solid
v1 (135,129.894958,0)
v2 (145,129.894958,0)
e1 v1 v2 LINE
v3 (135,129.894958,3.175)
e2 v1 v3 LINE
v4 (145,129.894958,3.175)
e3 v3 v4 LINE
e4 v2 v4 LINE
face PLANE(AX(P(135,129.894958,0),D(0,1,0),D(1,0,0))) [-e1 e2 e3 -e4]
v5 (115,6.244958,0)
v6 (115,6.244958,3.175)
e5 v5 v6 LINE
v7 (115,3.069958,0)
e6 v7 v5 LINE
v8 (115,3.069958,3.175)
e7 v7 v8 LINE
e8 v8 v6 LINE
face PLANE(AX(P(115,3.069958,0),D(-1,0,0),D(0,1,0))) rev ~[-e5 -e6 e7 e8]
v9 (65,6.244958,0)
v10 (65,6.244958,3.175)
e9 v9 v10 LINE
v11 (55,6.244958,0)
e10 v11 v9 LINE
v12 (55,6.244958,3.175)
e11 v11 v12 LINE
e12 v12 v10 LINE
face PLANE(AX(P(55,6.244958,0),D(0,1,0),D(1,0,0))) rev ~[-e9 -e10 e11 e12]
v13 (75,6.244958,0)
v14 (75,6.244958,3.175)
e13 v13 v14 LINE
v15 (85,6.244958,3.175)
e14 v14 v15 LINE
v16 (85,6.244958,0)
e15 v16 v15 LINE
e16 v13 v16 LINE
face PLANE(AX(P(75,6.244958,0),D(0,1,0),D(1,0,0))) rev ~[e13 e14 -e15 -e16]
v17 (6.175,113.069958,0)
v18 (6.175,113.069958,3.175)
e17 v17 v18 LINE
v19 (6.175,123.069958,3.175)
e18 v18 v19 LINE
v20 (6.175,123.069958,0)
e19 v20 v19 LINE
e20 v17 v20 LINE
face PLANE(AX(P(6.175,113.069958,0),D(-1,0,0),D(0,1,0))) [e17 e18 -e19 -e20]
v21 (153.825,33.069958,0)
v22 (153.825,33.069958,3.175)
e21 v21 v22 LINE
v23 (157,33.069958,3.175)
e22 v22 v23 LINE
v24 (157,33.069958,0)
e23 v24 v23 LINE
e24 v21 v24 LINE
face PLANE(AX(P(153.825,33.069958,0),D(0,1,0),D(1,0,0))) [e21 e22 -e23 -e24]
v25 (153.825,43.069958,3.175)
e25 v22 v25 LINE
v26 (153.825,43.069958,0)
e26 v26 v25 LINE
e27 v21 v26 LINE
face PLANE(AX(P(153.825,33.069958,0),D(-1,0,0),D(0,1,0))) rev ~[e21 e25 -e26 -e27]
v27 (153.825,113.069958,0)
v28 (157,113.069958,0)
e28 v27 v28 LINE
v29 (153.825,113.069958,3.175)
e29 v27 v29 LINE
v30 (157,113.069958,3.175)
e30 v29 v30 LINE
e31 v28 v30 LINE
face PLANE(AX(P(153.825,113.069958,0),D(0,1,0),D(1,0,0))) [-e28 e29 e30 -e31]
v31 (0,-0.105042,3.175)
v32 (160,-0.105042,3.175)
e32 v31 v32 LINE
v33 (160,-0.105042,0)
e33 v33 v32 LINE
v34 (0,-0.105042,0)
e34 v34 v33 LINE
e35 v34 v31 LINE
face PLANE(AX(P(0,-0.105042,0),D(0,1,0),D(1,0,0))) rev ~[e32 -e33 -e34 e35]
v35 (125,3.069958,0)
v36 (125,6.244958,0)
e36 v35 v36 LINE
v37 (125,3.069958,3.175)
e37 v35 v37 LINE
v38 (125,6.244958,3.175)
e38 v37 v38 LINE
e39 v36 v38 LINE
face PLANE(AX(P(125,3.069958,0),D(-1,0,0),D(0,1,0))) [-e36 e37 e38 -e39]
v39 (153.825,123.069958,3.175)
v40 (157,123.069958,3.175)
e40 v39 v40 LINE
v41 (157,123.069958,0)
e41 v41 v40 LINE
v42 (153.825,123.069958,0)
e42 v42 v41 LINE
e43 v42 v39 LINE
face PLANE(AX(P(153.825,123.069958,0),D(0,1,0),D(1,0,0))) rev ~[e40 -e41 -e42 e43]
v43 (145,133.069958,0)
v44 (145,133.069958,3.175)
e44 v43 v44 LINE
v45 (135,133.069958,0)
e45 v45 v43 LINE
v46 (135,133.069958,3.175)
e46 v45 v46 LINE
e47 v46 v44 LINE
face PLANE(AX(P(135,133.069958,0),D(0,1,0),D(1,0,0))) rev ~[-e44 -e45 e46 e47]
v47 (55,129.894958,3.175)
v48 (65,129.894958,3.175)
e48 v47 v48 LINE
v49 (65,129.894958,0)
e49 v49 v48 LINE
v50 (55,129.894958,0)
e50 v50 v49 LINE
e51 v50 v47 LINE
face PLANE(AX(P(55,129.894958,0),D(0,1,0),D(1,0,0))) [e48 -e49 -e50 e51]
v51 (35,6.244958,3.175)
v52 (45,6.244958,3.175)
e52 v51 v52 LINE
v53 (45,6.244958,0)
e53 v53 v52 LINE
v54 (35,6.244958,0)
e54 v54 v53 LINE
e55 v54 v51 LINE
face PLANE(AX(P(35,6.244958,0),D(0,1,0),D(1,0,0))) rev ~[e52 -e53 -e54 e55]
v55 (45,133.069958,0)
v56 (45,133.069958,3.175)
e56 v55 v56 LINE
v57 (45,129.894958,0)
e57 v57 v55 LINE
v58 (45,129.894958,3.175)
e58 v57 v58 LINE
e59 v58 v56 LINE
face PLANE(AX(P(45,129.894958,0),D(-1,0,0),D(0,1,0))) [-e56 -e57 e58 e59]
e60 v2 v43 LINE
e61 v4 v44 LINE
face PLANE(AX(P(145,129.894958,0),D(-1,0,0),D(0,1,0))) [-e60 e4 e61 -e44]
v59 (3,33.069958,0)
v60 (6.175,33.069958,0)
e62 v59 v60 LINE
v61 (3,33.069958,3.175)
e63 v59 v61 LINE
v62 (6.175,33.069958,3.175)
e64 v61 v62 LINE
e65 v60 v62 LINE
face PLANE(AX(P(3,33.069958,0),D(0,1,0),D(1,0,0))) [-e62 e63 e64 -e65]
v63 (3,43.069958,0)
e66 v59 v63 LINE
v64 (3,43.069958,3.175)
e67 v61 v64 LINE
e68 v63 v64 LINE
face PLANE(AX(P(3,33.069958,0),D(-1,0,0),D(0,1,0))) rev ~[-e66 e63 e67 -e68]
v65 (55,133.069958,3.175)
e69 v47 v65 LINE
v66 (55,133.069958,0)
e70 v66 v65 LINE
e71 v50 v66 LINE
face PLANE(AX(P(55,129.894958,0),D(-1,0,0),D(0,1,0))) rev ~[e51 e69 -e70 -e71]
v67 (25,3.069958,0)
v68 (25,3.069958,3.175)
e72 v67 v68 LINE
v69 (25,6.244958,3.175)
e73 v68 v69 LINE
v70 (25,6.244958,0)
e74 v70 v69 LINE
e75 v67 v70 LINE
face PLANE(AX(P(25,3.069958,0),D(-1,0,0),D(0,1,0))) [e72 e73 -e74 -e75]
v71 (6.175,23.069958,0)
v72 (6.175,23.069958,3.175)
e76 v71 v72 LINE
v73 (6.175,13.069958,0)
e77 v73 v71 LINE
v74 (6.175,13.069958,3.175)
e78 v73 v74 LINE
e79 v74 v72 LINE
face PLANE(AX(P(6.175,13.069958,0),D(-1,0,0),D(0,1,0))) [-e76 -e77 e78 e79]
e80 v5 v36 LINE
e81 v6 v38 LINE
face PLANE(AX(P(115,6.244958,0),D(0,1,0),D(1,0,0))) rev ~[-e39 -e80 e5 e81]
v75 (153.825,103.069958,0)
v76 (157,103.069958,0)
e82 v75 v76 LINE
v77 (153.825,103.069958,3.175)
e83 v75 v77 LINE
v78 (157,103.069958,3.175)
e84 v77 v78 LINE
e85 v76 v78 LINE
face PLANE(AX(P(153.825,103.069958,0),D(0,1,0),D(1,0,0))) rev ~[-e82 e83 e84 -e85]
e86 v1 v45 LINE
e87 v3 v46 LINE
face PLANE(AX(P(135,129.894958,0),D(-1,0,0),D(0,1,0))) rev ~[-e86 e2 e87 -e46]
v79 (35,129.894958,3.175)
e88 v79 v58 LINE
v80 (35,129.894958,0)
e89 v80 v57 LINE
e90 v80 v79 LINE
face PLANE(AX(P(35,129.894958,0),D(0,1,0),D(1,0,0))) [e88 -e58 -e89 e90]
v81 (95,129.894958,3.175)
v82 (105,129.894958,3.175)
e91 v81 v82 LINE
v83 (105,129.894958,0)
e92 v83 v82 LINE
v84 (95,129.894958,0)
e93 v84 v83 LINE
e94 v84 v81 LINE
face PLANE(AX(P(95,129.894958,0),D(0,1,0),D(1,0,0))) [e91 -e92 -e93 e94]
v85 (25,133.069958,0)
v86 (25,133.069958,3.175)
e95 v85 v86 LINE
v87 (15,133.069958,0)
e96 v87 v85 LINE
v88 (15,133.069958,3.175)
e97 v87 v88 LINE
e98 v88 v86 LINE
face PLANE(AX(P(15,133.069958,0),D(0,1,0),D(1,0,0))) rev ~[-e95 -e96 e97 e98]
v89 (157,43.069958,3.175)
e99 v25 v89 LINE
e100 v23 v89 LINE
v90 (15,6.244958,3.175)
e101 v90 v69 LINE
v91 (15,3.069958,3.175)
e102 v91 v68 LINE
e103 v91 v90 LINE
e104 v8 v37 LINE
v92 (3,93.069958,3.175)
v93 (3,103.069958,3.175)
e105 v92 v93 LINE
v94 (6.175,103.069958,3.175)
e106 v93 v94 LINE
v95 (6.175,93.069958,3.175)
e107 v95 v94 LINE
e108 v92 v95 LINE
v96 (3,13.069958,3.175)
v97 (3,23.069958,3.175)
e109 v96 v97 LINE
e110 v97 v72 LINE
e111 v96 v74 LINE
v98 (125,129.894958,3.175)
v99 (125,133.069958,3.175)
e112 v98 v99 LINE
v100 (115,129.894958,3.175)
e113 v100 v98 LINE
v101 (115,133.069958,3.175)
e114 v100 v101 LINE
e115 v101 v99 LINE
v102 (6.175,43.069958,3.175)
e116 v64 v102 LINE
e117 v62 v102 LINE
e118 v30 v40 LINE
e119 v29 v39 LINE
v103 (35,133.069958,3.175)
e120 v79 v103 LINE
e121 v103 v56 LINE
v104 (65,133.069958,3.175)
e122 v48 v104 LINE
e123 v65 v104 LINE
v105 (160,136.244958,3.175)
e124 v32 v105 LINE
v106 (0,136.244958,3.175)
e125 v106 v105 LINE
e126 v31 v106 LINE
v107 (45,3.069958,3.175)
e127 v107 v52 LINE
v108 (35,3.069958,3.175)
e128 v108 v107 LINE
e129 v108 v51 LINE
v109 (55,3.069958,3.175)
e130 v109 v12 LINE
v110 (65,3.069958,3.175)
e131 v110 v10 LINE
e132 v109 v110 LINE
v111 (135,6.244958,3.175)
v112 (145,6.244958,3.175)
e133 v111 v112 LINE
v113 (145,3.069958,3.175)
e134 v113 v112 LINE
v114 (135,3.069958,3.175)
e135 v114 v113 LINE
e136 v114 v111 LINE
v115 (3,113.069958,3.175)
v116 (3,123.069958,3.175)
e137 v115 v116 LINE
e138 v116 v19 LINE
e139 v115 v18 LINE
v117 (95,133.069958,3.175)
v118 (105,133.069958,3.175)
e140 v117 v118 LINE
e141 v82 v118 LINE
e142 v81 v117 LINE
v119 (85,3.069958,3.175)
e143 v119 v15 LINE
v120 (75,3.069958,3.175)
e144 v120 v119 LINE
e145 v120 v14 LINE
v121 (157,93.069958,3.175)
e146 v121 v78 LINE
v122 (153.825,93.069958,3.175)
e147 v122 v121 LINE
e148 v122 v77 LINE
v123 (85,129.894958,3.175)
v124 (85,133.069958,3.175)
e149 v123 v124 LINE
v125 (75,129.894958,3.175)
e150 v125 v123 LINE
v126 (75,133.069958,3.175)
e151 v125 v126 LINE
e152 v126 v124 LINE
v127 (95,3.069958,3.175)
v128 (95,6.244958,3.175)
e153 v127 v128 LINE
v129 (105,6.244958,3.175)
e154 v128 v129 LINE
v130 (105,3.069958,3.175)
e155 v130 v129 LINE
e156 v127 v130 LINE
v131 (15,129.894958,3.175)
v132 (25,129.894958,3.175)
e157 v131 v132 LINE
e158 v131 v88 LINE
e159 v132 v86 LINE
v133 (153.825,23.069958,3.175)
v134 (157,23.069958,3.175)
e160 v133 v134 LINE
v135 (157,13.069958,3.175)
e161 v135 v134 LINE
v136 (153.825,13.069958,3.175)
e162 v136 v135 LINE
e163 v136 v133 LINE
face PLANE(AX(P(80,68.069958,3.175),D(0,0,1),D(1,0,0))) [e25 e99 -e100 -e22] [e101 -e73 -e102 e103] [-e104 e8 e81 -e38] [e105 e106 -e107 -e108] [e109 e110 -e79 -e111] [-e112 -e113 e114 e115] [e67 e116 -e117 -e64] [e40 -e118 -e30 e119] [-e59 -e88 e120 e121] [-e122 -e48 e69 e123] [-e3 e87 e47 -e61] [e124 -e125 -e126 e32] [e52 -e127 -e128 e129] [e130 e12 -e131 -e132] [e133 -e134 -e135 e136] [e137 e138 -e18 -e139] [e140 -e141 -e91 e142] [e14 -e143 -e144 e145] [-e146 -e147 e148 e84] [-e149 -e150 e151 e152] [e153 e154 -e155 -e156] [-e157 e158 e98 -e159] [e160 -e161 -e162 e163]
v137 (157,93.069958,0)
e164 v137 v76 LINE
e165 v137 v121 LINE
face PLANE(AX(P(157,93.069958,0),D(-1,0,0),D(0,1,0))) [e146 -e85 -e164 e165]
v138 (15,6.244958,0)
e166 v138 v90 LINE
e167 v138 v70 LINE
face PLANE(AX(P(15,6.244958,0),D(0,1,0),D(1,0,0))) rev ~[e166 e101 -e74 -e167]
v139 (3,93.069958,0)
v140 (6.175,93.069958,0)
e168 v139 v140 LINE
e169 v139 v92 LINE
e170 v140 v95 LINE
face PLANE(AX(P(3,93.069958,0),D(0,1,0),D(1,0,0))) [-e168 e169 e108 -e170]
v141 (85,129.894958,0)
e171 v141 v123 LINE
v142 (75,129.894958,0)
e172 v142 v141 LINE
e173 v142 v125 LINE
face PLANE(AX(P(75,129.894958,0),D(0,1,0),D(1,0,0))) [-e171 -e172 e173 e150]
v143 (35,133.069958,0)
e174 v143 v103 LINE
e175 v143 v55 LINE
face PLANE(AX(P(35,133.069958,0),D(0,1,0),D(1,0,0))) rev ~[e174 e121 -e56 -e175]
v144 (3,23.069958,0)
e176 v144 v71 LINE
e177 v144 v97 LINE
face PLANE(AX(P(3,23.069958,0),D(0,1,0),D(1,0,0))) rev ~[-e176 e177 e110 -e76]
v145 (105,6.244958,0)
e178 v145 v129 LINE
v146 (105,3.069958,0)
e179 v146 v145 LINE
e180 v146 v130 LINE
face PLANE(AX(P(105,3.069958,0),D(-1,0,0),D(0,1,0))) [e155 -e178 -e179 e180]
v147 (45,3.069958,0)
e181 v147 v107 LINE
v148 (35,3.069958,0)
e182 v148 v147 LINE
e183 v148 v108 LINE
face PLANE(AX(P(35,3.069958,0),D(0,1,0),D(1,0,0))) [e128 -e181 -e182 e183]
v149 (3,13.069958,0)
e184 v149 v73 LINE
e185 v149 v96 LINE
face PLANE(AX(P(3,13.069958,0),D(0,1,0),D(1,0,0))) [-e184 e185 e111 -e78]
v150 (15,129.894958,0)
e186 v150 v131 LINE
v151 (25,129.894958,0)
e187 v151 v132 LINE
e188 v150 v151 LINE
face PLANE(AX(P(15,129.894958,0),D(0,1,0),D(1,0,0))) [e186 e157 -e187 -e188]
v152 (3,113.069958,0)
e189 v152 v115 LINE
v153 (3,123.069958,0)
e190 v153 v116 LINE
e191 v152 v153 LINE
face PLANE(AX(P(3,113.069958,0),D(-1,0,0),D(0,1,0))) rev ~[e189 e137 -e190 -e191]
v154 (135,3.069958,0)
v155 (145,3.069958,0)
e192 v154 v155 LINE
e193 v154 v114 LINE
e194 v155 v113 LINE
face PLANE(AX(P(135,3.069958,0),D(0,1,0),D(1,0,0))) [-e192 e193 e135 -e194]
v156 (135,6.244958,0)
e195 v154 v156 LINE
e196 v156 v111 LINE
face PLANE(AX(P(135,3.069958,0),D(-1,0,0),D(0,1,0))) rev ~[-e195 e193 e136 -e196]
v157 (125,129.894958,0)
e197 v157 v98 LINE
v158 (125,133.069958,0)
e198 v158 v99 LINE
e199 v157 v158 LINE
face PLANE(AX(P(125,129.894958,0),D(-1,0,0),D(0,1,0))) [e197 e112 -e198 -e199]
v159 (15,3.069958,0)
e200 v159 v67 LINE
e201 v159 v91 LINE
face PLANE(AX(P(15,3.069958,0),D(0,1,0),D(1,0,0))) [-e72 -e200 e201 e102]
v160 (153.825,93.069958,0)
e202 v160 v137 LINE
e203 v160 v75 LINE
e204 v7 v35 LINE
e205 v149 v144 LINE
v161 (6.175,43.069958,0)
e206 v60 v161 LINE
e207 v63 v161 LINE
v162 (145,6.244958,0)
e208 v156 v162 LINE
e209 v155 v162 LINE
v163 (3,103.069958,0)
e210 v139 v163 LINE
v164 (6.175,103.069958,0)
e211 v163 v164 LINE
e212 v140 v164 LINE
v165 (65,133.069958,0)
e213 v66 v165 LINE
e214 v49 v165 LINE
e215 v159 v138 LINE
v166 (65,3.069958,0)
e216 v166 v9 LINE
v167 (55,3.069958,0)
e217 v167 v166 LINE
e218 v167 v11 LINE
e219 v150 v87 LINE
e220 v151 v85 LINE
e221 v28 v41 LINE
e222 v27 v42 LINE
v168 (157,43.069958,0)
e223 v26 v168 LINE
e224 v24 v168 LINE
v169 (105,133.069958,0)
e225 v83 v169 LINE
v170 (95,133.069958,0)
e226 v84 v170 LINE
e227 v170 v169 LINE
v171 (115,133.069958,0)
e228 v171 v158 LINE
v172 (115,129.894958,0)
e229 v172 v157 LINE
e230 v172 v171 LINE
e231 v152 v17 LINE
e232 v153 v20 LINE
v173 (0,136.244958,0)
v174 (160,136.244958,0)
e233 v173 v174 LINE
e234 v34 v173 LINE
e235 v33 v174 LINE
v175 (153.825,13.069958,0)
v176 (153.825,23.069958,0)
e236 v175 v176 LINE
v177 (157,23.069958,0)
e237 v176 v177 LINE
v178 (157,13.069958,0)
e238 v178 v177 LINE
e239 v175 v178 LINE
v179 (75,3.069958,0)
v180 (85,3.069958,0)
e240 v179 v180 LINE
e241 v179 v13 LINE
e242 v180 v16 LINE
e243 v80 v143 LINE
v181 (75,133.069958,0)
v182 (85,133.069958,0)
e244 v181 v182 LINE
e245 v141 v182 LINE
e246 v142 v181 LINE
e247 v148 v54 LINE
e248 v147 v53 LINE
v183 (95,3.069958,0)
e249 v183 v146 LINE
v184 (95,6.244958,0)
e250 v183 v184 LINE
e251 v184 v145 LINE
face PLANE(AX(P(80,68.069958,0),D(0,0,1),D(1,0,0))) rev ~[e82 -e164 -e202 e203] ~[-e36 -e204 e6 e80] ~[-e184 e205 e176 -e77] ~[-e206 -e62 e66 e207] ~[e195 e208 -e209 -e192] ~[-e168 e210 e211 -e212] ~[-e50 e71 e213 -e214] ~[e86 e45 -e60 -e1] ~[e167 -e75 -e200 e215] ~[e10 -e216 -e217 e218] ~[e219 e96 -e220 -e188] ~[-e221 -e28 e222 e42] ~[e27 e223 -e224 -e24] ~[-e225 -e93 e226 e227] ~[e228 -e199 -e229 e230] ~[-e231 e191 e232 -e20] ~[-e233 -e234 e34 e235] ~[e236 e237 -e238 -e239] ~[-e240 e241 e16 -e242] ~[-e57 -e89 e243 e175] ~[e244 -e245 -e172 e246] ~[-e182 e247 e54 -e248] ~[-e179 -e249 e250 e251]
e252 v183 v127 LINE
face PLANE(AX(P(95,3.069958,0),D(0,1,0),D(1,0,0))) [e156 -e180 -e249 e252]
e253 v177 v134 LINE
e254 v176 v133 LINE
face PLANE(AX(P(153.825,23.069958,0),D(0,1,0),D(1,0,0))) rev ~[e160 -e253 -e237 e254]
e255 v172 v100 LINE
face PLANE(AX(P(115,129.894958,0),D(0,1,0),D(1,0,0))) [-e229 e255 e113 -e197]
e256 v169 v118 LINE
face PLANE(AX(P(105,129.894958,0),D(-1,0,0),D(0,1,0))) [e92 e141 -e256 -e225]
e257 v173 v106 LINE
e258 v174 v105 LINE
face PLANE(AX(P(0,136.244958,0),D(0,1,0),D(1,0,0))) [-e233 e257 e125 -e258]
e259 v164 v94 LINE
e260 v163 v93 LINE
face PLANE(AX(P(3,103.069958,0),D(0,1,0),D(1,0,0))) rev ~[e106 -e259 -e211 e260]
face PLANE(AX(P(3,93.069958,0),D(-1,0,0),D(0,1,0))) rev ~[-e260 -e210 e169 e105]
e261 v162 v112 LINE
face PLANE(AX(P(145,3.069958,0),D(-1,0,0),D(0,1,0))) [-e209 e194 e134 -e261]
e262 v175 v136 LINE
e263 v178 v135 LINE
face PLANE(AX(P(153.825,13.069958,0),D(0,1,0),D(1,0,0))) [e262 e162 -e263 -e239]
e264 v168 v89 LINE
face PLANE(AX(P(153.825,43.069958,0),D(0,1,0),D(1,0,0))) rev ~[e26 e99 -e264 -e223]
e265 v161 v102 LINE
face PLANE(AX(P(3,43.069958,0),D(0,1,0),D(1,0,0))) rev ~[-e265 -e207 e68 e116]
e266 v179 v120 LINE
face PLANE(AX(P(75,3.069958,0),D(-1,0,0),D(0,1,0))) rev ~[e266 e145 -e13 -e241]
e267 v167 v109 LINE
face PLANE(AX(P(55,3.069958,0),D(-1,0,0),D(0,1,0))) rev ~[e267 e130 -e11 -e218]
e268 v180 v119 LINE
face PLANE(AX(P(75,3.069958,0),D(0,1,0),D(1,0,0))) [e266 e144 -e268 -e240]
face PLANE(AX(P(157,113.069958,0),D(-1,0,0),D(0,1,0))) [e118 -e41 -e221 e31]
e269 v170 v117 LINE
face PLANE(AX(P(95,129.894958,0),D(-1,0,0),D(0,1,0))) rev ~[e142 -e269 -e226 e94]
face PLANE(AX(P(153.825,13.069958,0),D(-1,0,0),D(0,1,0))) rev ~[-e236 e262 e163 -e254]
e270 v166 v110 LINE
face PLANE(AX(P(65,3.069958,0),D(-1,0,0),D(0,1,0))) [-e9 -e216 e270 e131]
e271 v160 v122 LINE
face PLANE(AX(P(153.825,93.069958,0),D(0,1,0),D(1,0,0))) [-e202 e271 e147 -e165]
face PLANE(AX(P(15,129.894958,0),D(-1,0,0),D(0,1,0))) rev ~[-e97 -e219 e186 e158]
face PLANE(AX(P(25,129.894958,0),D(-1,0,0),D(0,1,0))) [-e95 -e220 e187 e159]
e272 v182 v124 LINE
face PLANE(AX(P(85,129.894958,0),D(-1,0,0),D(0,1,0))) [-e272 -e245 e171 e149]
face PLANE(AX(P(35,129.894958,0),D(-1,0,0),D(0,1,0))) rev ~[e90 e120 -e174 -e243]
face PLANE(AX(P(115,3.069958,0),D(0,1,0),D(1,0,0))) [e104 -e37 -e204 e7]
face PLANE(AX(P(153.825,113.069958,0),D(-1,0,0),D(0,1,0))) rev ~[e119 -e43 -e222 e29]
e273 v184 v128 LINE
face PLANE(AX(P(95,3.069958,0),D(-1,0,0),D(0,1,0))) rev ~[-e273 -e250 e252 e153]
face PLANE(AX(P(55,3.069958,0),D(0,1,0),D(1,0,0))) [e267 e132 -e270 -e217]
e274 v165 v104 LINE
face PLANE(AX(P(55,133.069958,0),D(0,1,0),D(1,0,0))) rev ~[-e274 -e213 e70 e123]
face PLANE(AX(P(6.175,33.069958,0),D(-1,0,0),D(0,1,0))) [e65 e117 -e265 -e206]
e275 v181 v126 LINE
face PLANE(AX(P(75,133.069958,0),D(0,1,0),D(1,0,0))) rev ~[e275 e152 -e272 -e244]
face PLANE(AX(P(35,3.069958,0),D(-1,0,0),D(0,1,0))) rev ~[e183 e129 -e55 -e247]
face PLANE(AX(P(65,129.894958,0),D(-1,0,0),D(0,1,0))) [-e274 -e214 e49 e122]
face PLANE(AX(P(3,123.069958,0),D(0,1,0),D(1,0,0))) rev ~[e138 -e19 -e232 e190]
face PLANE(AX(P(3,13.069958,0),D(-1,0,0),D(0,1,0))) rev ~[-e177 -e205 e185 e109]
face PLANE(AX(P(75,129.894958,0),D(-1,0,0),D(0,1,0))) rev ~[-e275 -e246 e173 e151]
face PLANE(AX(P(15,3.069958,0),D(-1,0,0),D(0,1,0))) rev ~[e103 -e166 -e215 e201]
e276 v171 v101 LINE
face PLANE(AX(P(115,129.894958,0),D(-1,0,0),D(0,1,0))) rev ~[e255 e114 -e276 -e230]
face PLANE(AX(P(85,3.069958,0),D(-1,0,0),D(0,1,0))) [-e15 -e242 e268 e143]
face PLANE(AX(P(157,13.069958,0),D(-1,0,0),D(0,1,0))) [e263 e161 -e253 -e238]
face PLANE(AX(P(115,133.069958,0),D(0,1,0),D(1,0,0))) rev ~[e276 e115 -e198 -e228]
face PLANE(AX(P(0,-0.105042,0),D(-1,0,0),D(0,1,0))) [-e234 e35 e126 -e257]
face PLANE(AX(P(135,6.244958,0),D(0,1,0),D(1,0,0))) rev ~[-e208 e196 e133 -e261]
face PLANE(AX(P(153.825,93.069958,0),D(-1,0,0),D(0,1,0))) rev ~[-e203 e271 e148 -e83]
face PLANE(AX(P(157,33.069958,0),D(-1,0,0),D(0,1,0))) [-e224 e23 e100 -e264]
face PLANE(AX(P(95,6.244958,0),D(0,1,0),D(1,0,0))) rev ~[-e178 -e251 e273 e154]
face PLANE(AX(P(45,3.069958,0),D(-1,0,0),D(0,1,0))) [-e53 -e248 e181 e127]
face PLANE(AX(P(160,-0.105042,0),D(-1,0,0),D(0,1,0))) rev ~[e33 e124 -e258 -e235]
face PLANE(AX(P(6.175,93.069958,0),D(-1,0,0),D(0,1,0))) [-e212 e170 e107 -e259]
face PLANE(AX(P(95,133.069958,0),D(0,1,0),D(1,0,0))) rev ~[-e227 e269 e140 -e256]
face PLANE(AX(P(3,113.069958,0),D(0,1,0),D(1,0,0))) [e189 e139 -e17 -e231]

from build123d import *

# Parameters (mm, degrees)
SKETCH1_W           = 160
SKETCH1_H           = 136.35
SKETCH1_W_2         = 10
SKETCH1_H_2         = 3.175
SKETCH1_W_3         = 3.175
SKETCH1_H_3         = 10
BOSS_EXTRUDE1_DEPTH = 3.175


with BuildPart() as part:
    # Sketch1 → Boss-Extrude1 (new body)
    with BuildSketch(Plane.XY):
        with Locations((80, 68.069958461)):
            Rectangle(SKETCH1_W, SKETCH1_H)
        with Locations((40, 131.482458461)):
            Rectangle(SKETCH1_W_2, SKETCH1_H_2, mode=Mode.SUBTRACT)
        with Locations((20, 131.482458461)):
            Rectangle(SKETCH1_W_2, SKETCH1_H_2, mode=Mode.SUBTRACT)
        with Locations((60, 131.482458461)):
            Rectangle(SKETCH1_W_2, SKETCH1_H_2, mode=Mode.SUBTRACT)
        with Locations((80, 131.482458461)):
            Rectangle(SKETCH1_W_2, SKETCH1_H_2, mode=Mode.SUBTRACT)
        with Locations((100, 131.482458461)):
            Rectangle(SKETCH1_W_2, SKETCH1_H_2, mode=Mode.SUBTRACT)
        with Locations((120, 131.482458461)):
            Rectangle(SKETCH1_W_2, SKETCH1_H_2, mode=Mode.SUBTRACT)
        with Locations((140, 131.482458461)):
            Rectangle(SKETCH1_W_2, SKETCH1_H_2, mode=Mode.SUBTRACT)
        with Locations((140, 4.657458461)):
            Rectangle(SKETCH1_W_2, SKETCH1_H_2, mode=Mode.SUBTRACT)
        with Locations((120, 4.657458461)):
            Rectangle(SKETCH1_W_2, SKETCH1_H_2, mode=Mode.SUBTRACT)
        with Locations((100, 4.657458461)):
            Rectangle(SKETCH1_W_2, SKETCH1_H_2, mode=Mode.SUBTRACT)
        with Locations((80, 4.657458461)):
            Rectangle(SKETCH1_W_2, SKETCH1_H_2, mode=Mode.SUBTRACT)
        with Locations((60, 4.657458461)):
            Rectangle(SKETCH1_W_2, SKETCH1_H_2, mode=Mode.SUBTRACT)
        with Locations((40, 4.657458461)):
            Rectangle(SKETCH1_W_2, SKETCH1_H_2, mode=Mode.SUBTRACT)
        with Locations((20, 4.657458461)):
            Rectangle(SKETCH1_W_2, SKETCH1_H_2, mode=Mode.SUBTRACT)
        with Locations((4.5875, 38.069958461)):
            Rectangle(SKETCH1_W_3, SKETCH1_H_3, mode=Mode.SUBTRACT)
        with Locations((4.5875, 98.069958461)):
            Rectangle(SKETCH1_W_3, SKETCH1_H_3, mode=Mode.SUBTRACT)
        with Locations((4.5875, 118.069958461)):
            Rectangle(SKETCH1_W_3, SKETCH1_H_3, mode=Mode.SUBTRACT)
        with Locations((4.5875, 18.069958461)):
            Rectangle(SKETCH1_W_3, SKETCH1_H_3, mode=Mode.SUBTRACT)
        with Locations((155.4125, 18.069958461)):
            Rectangle(SKETCH1_W_3, SKETCH1_H_3, mode=Mode.SUBTRACT)
        with Locations((155.4125, 38.069958461)):
            Rectangle(SKETCH1_W_3, SKETCH1_H_3, mode=Mode.SUBTRACT)
        with Locations((155.4125, 98.069958461)):
            Rectangle(SKETCH1_W_3, SKETCH1_H_3, mode=Mode.SUBTRACT)
        with Locations((155.4125, 118.069958461)):
            Rectangle(SKETCH1_W_3, SKETCH1_H_3, mode=Mode.SUBTRACT)
    extrude(amount=BOSS_EXTRUDE1_DEPTH)


solid = part.part
